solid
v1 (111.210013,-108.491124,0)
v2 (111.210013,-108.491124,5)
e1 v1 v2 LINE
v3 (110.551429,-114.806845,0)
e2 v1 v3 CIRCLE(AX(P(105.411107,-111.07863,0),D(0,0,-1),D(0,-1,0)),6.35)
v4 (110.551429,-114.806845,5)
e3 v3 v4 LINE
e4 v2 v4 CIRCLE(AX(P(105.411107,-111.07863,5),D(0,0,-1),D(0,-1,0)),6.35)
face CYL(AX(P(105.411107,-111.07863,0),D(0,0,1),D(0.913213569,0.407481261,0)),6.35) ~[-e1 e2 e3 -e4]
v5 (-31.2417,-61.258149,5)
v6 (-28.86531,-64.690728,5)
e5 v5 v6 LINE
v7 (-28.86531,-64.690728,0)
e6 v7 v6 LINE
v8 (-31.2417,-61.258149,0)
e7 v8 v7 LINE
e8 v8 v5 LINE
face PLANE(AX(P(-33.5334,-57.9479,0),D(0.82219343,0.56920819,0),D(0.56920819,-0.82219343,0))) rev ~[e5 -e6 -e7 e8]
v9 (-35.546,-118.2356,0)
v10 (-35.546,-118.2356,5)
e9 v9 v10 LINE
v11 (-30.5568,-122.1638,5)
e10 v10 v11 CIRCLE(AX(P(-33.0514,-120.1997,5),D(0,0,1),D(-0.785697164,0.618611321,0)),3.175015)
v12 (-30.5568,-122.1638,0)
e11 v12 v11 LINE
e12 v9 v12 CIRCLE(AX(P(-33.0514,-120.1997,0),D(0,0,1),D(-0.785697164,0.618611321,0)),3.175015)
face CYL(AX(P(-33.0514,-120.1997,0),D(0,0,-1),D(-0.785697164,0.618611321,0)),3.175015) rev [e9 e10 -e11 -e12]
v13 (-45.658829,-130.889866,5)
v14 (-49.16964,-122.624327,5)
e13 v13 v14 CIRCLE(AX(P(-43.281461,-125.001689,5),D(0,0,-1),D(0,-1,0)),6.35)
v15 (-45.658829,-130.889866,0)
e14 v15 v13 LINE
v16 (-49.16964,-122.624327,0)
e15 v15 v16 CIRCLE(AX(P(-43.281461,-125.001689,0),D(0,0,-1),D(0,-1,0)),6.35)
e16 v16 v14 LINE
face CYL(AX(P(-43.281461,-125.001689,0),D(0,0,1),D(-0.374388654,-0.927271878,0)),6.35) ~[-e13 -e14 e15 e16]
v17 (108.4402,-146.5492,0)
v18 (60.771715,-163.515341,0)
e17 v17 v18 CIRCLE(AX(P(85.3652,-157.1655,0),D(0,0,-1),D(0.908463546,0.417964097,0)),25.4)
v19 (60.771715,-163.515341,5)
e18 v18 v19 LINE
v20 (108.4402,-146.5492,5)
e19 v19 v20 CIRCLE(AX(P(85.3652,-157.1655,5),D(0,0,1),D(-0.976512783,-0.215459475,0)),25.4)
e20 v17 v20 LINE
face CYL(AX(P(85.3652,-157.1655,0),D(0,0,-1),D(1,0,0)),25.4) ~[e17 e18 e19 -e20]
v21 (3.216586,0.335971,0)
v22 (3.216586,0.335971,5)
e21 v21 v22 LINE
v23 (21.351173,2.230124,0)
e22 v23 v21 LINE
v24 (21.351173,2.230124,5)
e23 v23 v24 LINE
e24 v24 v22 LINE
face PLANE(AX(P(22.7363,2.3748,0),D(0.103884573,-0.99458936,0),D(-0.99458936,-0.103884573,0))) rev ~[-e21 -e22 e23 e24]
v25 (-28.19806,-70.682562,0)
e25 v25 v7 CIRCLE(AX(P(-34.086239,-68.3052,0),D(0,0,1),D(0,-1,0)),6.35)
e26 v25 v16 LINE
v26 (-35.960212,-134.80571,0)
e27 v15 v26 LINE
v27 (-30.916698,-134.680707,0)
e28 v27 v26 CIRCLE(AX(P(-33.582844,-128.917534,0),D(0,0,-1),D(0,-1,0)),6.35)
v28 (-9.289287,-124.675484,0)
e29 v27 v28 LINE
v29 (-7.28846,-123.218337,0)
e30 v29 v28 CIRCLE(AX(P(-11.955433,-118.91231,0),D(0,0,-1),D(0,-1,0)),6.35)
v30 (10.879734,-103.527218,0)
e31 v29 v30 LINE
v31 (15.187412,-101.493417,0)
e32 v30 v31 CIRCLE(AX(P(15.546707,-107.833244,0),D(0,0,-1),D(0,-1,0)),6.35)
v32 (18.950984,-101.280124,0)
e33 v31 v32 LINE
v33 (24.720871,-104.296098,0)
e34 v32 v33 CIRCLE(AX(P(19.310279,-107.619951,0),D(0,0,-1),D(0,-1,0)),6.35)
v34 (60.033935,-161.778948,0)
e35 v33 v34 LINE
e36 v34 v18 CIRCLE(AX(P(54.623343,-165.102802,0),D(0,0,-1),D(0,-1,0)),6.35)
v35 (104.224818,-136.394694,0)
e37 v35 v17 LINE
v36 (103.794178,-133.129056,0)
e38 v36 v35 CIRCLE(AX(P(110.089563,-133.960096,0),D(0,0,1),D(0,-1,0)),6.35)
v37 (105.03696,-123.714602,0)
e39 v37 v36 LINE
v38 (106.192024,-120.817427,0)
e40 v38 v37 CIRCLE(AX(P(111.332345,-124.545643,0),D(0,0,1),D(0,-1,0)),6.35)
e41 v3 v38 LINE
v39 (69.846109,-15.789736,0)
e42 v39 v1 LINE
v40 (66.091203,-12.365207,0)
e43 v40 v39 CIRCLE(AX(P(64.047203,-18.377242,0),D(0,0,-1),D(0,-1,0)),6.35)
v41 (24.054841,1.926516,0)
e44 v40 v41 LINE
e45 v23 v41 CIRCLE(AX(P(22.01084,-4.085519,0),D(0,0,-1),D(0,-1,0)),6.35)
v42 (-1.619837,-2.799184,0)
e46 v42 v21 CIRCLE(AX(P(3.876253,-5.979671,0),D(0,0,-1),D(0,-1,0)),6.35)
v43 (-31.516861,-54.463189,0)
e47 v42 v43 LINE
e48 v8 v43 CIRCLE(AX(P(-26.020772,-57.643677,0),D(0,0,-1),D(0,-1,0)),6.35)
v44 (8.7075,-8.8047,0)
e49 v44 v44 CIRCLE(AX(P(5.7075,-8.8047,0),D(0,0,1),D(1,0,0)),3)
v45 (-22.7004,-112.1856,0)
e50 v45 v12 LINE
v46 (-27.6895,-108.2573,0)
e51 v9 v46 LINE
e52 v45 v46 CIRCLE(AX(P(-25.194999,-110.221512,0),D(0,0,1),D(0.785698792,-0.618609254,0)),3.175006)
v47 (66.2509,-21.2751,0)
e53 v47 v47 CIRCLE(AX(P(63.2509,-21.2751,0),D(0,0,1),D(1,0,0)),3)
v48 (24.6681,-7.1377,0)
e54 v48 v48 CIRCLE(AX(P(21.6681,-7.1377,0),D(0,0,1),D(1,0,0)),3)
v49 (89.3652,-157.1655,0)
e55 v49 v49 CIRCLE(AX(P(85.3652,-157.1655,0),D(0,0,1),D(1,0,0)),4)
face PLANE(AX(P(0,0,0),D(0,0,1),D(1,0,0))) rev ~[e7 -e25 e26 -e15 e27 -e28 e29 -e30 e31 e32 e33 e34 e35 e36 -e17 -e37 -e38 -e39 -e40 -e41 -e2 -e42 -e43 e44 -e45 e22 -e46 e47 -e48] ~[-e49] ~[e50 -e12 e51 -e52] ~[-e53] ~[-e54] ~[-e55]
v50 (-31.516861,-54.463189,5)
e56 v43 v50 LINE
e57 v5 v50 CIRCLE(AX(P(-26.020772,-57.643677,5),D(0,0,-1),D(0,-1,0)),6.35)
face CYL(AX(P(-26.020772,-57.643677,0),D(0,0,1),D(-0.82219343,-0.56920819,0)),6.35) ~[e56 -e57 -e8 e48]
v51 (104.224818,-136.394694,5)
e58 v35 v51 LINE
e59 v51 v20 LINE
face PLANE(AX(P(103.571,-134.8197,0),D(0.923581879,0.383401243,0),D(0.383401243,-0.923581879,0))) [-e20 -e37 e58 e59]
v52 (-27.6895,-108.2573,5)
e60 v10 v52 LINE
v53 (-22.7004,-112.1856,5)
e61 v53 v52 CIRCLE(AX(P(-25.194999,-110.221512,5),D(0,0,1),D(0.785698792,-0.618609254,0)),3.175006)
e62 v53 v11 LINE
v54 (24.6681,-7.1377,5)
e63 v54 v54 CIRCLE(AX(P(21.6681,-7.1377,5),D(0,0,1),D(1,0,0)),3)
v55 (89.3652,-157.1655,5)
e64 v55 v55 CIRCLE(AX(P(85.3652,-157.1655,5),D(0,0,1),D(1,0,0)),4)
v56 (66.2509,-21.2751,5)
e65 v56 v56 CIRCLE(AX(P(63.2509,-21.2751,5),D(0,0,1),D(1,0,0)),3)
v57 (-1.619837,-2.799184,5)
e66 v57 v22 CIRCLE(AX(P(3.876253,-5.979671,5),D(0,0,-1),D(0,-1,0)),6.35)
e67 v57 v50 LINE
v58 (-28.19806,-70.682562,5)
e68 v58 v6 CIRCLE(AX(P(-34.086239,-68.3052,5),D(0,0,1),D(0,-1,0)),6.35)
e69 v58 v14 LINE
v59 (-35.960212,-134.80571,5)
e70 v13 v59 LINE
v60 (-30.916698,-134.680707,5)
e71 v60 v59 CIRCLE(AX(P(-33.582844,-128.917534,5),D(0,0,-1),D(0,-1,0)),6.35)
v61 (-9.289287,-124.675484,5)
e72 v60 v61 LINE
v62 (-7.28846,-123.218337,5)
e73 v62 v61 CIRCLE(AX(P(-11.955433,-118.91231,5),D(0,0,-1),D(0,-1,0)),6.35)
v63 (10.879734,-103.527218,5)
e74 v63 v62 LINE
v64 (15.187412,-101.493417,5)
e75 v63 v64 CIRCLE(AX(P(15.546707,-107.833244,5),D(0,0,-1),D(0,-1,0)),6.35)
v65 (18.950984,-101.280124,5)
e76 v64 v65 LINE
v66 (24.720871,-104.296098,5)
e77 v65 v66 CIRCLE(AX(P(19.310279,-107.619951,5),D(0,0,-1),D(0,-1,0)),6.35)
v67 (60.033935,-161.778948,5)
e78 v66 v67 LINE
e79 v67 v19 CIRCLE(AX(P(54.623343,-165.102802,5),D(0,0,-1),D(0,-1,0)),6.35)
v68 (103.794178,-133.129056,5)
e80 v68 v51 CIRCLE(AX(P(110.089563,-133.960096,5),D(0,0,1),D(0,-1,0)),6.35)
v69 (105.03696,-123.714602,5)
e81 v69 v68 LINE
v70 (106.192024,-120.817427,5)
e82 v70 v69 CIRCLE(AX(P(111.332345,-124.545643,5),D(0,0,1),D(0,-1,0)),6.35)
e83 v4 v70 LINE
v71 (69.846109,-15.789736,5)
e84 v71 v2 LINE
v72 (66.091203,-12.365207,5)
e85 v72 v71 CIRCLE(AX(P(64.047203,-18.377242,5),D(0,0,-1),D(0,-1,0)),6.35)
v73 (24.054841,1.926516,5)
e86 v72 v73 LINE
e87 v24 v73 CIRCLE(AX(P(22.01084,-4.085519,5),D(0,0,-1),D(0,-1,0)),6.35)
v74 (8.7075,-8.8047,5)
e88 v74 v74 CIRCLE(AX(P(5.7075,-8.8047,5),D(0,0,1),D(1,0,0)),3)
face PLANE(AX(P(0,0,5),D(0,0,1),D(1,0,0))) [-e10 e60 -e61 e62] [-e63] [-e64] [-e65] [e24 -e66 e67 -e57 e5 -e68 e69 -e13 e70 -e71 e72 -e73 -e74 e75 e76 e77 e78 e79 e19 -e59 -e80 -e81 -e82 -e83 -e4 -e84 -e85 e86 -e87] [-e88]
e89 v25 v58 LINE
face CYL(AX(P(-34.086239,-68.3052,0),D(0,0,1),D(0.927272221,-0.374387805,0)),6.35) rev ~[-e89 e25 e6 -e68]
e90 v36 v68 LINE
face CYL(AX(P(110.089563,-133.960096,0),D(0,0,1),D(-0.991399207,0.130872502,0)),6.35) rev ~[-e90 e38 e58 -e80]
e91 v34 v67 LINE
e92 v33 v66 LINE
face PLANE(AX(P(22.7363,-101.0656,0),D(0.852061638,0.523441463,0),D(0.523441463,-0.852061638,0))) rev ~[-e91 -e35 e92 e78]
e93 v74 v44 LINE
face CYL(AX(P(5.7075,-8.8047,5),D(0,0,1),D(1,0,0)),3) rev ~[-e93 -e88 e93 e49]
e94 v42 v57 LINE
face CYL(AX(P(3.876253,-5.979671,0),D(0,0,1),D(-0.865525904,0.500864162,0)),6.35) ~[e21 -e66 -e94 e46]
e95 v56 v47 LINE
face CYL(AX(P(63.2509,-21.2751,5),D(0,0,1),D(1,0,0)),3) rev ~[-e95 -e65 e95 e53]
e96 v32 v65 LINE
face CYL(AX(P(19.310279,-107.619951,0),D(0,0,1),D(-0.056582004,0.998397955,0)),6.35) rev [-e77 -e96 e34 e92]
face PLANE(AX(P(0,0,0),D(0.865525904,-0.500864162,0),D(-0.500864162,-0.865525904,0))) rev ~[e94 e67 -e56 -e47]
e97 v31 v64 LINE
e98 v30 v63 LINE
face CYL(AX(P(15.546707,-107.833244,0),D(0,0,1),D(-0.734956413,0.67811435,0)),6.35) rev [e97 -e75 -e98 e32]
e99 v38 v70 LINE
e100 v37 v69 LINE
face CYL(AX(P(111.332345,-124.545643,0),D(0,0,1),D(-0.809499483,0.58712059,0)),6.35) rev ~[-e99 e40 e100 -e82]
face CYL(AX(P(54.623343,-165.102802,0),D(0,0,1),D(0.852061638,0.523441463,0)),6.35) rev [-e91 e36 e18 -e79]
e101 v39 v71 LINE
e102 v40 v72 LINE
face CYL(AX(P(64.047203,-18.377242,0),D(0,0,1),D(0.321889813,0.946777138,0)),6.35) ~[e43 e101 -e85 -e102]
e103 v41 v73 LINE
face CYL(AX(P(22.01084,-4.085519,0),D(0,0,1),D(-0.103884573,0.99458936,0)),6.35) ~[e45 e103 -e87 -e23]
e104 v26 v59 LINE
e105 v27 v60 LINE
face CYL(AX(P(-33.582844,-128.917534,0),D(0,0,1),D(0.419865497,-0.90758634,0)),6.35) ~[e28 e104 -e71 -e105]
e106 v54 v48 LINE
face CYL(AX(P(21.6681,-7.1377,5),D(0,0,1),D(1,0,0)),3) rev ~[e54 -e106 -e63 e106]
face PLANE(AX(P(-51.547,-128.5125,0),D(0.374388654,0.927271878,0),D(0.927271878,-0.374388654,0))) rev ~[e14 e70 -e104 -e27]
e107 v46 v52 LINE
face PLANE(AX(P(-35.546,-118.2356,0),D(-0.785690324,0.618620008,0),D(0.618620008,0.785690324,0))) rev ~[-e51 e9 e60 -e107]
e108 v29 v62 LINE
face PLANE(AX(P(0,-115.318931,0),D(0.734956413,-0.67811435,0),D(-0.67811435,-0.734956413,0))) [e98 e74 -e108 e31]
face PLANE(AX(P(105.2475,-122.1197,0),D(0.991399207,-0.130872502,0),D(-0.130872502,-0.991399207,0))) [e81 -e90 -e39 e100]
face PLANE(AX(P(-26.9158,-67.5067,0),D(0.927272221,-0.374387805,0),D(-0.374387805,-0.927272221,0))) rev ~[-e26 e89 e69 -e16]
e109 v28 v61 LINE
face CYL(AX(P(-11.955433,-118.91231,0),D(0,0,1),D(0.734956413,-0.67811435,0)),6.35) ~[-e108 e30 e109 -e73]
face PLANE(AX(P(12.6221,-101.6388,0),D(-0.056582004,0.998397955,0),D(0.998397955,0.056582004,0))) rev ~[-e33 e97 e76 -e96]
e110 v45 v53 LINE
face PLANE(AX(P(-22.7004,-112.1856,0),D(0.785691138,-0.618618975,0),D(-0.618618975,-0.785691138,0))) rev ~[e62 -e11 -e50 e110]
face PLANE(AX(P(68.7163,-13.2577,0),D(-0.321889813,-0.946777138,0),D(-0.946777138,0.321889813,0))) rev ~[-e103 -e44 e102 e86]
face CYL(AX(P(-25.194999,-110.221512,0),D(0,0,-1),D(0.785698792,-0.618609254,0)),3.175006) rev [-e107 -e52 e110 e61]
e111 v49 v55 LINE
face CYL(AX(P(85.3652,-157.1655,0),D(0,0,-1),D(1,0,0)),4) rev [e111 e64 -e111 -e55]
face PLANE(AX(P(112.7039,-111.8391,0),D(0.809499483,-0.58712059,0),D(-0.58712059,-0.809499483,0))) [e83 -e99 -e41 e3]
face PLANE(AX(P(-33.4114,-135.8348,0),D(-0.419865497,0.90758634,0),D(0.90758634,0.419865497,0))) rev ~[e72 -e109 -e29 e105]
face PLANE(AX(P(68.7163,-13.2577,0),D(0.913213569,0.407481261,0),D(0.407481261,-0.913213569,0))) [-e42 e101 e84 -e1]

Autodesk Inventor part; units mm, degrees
ref_plane "YZ Plane" through (0, 0, 0) normal (1, 0, 0) x (0, 1, 0)
ref_plane "XZ Plane" through (0, 0, 0) normal (0, 1, 0) x (-1, 0, 0)
ref_plane "XY Plane" through (0, 0, 0) normal (0, 0, 1) x (1, 0, 0)
sketch "Base" plane through (0, 0, 0) normal (0, 0, 1) x (1, 0, 0)
  line L0 (0, 0) -> (-33.5334, -57.9479)
  line L1 (22.7363, 2.3748) -> (0, 0)
  line L2 (68.7163, -13.2577) -> (22.7363, 2.3748)
  line L3 (-33.5334, -57.9479) -> (-26.9158, -67.5067)
  line L4 (-26.9158, -67.5067) -> (-51.547, -128.5125)
  line L5 (-51.547, -128.5125) -> (-33.4114, -135.8348)
  line L6 (-26.9158, -67.5067) -> (12.6221, -101.6388) construction
  line L7 (12.6221, -101.6388) -> (22.7363, -101.0656)
  line L8 (12.6221, -101.6388) -> (-8.1441, -124.1457)
  line L9 (-33.4114, -135.8348) -> (-8.1441, -124.1457)
  line L10 (22.7363, 2.3748) -> (68.7163, -13.2577)
  line L11 (68.7163, -13.2577) -> (112.7039, -111.8391)
  line L12 (22.7363, 2.3748) -> (22.7363, -101.0656) construction
  line L13 (22.7363, -101.0656) -> (65.9464, -171.4033)
  line L14 (112.7039, -111.8391) -> (105.2475, -122.1197)
  line L15 (22.7363, -101.0656) -> (112.7039, -111.8391) construction
  line L16 (105.2475, -122.1197) -> (103.571, -134.8197)
  line L17 (103.571, -134.8197) -> (108.4402, -146.5492)
  line L18 (65.9464, -171.4033) -> (74.9694, -180.3406)
  line L19 (108.4402, -146.5492) -> (74.9694, -180.3406)
  circle A0 centre (85.3652, -157.1655) radius 25.4
  line L20 (-42.4792, -132.1736) -> (22.7363, -49.3454) construction
  line L21 (-33.0514, -120.1997) -> (-25.1949, -110.2215) construction
  line L22 (-35.546, -118.2356) -> (-27.6895, -108.2573)
  line L23 (-22.7004, -112.1856) -> (-30.5568, -122.1638)
  arc A1 (-35.546, -118.2356) -> (-30.5568, -122.1638) centre (-33.0514, -120.1997) ccw
  arc A2 (-22.7004, -112.1856) -> (-27.6895, -108.2573) centre (-25.1949, -110.2215) ccw
  circle A3 centre (85.3652, -157.1655) radius 4
  line L24 (0, -219.5535) -> (0, 39.3628)
  point P0 (-29.1232, -115.2106)
  point P1 (60.5618, -162.6381)
  dimension "d4" = 50.8
  dimension "d5" = 22.86
  dimension "d6" = 155.26
  dimension "d7" = 126.02
  dimension "d8" = 48.5647
  dimension "d9" = 66.9511
  dimension "d10" = 132.824
  dimension "d11" = 107.95
  dimension "d12" = 115.248
  dimension "d13" = 11.6259
  dimension "d14" = 65.7906
  dimension "d15" = 19.558
  dimension "d16" = 120
  dimension "d17" = 12.7
  dimension "d18" = 12.7
  dimension "d19" = 12.7
  dimension "d20" = 82.55
  dimension "d21" = 12.7
  dimension "d24" = 15.24
  dimension "d26" = 12.7
  dimension "d31" = 8
  dimension "d32" = 95.963
  dimension "d33" = 38.215
  dimension "d34" = 22.545
  dimension "d35" = 7.52
  dimension "d36" = 44.727
  dimension "d37" = 31.563
  dimension "d38" = 86.757
  dimension "d39" = 42.697
  dimension "d40" = 49.197
  dimension "d41" = 114.826
  dimension "d47" = 105.4209
  dimension "d48" = 62.051
  dimension "d75" = 3.175
extrude "Plate1" add sketch "Base" along normal blind 5
fillet "OutsideFilletsFeature" radius 6.35 14 edges at (68.7163, -13.2577, 2.5) (22.7363, 2.3748, 2.5) (0, 0, 2.5) (-33.5334, -57.9479, 2.5) (-26.9158, -67.5067, 2.5) (-51.547, -128.5125, 2.5) (-33.4114, -135.8348, 2.5) (-8.1441, -124.1457, 2.5) (12.6221, -101.6388, 2.5) (22.7363, -101.0656, 2.5) (60.5618, -162.6381, 2.5) (103.571, -134.8197, 2.5) (105.2475, -122.1197, 2.5) (112.7039, -111.8391, 2.5)
sketch "MountHoles" plane through (0, 0, 5) normal (0, 0, 1) x (1, 0, 0)
  line L0 (-1.6199, -2.7989) -> (-30.9807, -53.5288) construction
  arc A0 (3.2163, 0.3359) -> (-1.6199, -2.7989) centre (3.876, -5.9797) ccw construction
  line L1 (21.3511, 2.2301) -> (3.2163, 0.3359) construction
  arc A1 (24.0549, 1.9264) -> (21.3511, 2.2301) centre (22.0108, -4.0856) ccw construction
  arc A2 (69.8461, -15.7897) -> (66.0912, -12.3652) centre (64.0472, -18.3772) ccw construction
  line L2 (24.0548, 1.9265) -> (66.0912, -12.3652) construction
  line L3 (66.0912, -12.3652) -> (24.0548, 1.9265) construction
  line L4 (-20.7142, -54.4632) -> (5.7075, -8.8047) construction
  line L5 (5.7075, -8.8047) -> (21.6681, -7.1377) construction
  line L6 (21.6681, -7.1377) -> (66.0912, -22.2408) construction
  line L7 (-31.5169, -54.4632) -> (-1.6198, -2.7992) construction
  line L8 (3.2166, 0.336) -> (21.3512, 2.2301) construction
  line L9 (24.0548, 1.9265) -> (66.0912, -12.3652) construction
  line L10 (-31.5169, -54.4632) -> (-20.7142, -54.4632) construction
  line L11 (66.0912, -22.2408) -> (66.0912, -12.3652) construction
  circle A3 centre (5.7075, -8.8047) radius 3
  circle A4 centre (21.6681, -7.1377) radius 3
  circle A5 centre (63.2509, -21.2751) radius 3
  point P0 (0, 0)
  dimension "d49" = 9.35
  dimension "d50" = 9.35
  dimension "d51" = 9.35
  dimension "d52" = 6
  dimension "d53" = 6
  dimension "d54" = 6
  dimension "d55" = 3
extrude "MountHolesFeature" cut sketch "MountHoles" against normal blind 5
equation "\"d50\" = d49"
equation "\"d51\" = d49"
equation "\"d56\" = Thickness"
equation "\"d42\" = Thickness"
equation "\"BendRadius\" = Thickness"
equation "\"BendReliefWidth\" = Thickness"
equation "\"BendReliefDepth\" = 0.5 * Thickness"
equation "\"TransitionRadius\" = BendRadius"
equation "\"JacobiRadiusSize\" = BendRadius"
equation "\"GapSize\" = Thickness"
equation "\"Thickness\" = 5"
properties part number "Knee"
